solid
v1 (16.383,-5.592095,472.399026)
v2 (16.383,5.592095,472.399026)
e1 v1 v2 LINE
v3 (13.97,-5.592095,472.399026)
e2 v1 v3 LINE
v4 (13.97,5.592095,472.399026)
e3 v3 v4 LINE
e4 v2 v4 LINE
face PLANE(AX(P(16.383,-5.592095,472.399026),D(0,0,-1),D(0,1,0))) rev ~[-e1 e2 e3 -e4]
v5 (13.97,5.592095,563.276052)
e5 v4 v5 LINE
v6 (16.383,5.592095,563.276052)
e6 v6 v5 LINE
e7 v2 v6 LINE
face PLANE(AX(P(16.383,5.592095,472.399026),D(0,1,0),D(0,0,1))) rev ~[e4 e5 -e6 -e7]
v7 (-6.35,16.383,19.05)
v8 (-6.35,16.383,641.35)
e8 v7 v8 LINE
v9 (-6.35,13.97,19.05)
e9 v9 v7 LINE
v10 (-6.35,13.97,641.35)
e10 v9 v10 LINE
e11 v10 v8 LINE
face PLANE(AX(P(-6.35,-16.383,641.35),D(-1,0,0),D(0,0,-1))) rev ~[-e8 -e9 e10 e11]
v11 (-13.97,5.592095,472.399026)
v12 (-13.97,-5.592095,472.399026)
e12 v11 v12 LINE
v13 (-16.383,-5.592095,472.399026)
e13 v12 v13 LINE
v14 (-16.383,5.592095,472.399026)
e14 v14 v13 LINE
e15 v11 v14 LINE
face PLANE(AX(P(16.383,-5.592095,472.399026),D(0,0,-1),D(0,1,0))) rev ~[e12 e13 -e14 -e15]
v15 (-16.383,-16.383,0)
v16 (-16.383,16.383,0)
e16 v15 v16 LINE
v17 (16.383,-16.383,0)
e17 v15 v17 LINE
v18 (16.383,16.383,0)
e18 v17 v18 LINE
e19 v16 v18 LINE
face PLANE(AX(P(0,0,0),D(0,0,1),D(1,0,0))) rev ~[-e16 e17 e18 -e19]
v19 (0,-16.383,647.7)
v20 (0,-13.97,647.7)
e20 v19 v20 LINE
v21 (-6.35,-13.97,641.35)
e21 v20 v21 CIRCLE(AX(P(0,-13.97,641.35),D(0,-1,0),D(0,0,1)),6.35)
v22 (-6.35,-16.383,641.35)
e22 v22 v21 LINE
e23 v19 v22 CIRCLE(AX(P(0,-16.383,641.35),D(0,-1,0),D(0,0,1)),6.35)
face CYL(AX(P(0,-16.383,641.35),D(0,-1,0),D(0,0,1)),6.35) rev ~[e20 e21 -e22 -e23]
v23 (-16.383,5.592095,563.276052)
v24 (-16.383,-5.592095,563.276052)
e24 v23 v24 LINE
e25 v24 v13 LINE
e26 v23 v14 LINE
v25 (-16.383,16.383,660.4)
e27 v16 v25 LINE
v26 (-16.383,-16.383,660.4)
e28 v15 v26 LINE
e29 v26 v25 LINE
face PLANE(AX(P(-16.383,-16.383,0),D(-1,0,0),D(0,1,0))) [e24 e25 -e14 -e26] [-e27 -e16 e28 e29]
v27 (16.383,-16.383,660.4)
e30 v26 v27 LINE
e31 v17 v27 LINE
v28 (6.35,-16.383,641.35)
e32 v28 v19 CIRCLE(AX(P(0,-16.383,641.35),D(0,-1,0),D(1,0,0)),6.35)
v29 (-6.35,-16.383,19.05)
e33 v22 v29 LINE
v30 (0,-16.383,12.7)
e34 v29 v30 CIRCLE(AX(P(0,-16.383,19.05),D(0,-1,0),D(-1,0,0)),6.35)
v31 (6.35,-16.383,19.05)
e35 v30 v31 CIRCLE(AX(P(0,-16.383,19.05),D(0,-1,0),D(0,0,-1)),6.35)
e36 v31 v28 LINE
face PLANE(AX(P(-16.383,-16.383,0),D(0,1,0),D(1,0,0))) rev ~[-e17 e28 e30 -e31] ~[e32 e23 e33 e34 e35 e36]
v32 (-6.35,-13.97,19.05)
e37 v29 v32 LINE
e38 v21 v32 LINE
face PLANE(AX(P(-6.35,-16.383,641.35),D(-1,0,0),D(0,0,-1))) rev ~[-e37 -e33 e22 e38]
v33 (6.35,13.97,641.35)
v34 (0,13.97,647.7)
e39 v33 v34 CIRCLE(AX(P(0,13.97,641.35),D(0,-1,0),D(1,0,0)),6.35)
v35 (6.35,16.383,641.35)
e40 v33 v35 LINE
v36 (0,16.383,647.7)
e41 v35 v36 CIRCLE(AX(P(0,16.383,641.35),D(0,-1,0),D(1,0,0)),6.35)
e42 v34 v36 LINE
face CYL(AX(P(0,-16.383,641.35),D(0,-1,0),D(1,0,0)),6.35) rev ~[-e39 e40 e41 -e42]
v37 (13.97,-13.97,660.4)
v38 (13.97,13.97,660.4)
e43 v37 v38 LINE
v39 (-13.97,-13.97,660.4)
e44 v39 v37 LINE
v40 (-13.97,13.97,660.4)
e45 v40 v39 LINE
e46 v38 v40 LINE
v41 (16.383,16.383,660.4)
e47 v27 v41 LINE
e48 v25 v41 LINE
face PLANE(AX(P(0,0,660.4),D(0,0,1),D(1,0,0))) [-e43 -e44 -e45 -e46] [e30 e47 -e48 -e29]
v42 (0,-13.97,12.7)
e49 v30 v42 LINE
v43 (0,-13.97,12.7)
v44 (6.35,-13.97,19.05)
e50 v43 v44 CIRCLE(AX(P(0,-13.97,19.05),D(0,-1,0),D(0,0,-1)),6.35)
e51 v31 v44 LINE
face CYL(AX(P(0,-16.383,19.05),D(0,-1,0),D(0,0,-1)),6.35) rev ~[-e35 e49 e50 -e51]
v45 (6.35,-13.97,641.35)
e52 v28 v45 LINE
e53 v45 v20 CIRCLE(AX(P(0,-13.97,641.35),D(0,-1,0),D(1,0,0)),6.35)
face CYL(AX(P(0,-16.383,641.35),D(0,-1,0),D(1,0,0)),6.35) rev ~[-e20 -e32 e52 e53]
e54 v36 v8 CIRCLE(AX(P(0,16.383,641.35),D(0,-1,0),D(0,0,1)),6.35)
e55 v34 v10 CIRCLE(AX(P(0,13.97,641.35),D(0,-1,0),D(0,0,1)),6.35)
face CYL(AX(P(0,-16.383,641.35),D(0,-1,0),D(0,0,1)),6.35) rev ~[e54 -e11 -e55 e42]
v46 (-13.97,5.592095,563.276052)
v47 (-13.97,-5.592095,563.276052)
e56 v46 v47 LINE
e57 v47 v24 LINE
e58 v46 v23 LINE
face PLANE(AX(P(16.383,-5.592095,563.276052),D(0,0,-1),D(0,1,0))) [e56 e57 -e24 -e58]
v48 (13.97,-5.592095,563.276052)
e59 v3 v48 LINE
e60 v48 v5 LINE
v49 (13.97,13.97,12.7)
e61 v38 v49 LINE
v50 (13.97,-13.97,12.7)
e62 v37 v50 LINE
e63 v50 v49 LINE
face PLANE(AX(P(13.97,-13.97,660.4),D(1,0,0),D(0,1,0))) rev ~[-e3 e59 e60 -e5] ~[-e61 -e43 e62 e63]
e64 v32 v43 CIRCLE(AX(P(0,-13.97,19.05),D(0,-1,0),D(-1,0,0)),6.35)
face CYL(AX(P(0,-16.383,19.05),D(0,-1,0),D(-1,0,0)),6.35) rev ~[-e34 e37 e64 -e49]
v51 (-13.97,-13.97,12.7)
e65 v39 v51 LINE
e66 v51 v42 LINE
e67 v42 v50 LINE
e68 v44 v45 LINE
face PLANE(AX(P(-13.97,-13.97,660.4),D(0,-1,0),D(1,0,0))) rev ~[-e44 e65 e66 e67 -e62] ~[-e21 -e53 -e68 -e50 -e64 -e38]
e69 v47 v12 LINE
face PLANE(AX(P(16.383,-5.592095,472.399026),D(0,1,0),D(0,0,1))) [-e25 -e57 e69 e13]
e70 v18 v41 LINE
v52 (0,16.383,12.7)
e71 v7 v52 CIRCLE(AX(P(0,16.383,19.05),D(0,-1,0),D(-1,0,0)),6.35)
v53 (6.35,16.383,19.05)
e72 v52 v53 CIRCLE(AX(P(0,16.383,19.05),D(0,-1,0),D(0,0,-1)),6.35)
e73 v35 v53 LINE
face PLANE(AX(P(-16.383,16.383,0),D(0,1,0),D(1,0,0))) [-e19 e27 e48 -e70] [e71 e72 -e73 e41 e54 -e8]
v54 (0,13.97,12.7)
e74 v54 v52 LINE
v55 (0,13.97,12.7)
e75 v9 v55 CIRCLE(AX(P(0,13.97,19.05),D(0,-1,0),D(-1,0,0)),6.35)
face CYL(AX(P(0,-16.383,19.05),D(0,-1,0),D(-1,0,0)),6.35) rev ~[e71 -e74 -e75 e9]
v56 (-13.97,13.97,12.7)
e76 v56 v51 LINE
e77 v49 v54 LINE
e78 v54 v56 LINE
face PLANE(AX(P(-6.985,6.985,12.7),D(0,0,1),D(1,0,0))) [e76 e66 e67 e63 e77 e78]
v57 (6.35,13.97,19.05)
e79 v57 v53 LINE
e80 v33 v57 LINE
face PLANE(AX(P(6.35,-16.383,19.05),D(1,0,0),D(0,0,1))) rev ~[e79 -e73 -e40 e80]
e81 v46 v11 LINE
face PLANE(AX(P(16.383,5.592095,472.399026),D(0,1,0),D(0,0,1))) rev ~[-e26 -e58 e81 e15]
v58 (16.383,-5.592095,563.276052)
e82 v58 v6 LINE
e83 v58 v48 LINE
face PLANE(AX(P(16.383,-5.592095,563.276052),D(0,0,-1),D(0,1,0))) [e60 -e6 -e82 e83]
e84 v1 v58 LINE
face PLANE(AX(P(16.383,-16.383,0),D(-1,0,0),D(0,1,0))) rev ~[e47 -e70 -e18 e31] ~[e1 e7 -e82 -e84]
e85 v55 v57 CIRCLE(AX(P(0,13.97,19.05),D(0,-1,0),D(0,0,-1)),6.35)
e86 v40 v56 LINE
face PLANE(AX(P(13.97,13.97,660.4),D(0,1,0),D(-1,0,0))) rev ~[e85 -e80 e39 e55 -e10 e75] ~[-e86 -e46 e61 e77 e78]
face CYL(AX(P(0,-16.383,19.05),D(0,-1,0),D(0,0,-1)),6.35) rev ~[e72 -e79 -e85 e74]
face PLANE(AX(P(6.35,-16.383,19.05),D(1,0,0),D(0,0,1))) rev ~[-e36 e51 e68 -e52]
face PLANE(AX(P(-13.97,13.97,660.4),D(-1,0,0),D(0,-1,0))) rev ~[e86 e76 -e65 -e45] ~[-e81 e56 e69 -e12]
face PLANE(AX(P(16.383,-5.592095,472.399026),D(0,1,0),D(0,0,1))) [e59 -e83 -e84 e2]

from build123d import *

# Parameters (mm, degrees)
F0_W     = 32.766
F0_H     = 32.766
F1_DEPTH = 660.4
F2_W     = 13.97
F2_H     = 13.97
F3_DEPTH = 647.7
F5_DEPTH = 66.294
F6_W     = 11.1841903999
F6_H     = 90.8770263195
F7_DEPTH = 96.266


with BuildPart() as f1:
    # F0 (on Top) → F1 (new body)
    with BuildSketch(Plane.XY):
        Rectangle(F0_W, F0_H)
    extrude(amount=F1_DEPTH)

    # F2 (on face) → F3 (cut)
    with BuildSketch(Plane.XY.offset(660.4)):
        with Locations((-6.985, 6.985)):
            Rectangle(F2_W, F2_H)
        with Locations((6.985, 6.985)):
            Rectangle(F2_W, F2_H)
        with Locations((6.985, -6.985)):
            Rectangle(F2_W, F2_H)
        with Locations((-6.985, -6.985)):
            Rectangle(F2_W, F2_H)
    extrude(amount=-F3_DEPTH, mode=Mode.SUBTRACT)

    # F4 (on face) → F5 (cut)
    with BuildSketch(Plane.XZ.offset(16.383)):
        with BuildLine():
            Line((0, 25.4), (0, 635))
            ThreePointArc((0, 635), (-4.4901280605, 636.8598719395), (-6.35, 641.35))
            Line((-6.35, 641.35), (-6.35, 19.05))
            ThreePointArc((-6.35, 19.05), (-4.4901280605, 23.5401280605), (0, 25.4))
        make_face()
        with BuildLine():
            Line((0, 635), (0, 647.7))
            ThreePointArc((0, 647.7), (-4.4901280605, 645.8401280605), (-6.35, 641.35))
            ThreePointArc((-6.35, 641.35), (-4.4901280605, 636.8598719395), (0, 635))
        make_face()
        with BuildLine():
            ThreePointArc((6.35, 641.35), (4.4901280605, 645.8401280605), (0, 647.7))
            Line((0, 647.7), (0, 635))
            ThreePointArc((0, 635), (4.4901280605, 636.8598719395), (6.35, 641.35))
        make_face()
        with BuildLine():
            ThreePointArc((6.35, 641.35), (4.4901280605, 636.8598719395), (0, 635))
            Line((0, 635), (0, 25.4))
            ThreePointArc((0, 25.4), (4.4901280605, 23.5401280605), (6.35, 19.05))
            Line((6.35, 19.05), (6.35, 641.35))
        make_face()
        with BuildLine():
            Line((0, 12.7), (0, 25.4))
            ThreePointArc((0, 25.4), (-4.4901280605, 23.5401280605), (-6.35, 19.05))
            ThreePointArc((-6.35, 19.05), (-4.4901280605, 14.5598719395), (0, 12.7))
        make_face()
        with BuildLine():
            ThreePointArc((6.35, 19.05), (4.4901280605, 23.5401280605), (0, 25.4))
            Line((0, 25.4), (0, 12.7))
            ThreePointArc((0, 12.7), (4.4901280605, 14.5598719395), (6.35, 19.05))
        make_face()
    extrude(amount=-F5_DEPTH, mode=Mode.SUBTRACT)

    # F6 (on face) → F7 (cut)
    with BuildSketch(Plane.YZ.offset(16.383)):
        with Locations((0, 517.8375393152)):
            Rectangle(F6_W, F6_H)
    extrude(amount=-F7_DEPTH, mode=Mode.SUBTRACT)


solid = f1.part
